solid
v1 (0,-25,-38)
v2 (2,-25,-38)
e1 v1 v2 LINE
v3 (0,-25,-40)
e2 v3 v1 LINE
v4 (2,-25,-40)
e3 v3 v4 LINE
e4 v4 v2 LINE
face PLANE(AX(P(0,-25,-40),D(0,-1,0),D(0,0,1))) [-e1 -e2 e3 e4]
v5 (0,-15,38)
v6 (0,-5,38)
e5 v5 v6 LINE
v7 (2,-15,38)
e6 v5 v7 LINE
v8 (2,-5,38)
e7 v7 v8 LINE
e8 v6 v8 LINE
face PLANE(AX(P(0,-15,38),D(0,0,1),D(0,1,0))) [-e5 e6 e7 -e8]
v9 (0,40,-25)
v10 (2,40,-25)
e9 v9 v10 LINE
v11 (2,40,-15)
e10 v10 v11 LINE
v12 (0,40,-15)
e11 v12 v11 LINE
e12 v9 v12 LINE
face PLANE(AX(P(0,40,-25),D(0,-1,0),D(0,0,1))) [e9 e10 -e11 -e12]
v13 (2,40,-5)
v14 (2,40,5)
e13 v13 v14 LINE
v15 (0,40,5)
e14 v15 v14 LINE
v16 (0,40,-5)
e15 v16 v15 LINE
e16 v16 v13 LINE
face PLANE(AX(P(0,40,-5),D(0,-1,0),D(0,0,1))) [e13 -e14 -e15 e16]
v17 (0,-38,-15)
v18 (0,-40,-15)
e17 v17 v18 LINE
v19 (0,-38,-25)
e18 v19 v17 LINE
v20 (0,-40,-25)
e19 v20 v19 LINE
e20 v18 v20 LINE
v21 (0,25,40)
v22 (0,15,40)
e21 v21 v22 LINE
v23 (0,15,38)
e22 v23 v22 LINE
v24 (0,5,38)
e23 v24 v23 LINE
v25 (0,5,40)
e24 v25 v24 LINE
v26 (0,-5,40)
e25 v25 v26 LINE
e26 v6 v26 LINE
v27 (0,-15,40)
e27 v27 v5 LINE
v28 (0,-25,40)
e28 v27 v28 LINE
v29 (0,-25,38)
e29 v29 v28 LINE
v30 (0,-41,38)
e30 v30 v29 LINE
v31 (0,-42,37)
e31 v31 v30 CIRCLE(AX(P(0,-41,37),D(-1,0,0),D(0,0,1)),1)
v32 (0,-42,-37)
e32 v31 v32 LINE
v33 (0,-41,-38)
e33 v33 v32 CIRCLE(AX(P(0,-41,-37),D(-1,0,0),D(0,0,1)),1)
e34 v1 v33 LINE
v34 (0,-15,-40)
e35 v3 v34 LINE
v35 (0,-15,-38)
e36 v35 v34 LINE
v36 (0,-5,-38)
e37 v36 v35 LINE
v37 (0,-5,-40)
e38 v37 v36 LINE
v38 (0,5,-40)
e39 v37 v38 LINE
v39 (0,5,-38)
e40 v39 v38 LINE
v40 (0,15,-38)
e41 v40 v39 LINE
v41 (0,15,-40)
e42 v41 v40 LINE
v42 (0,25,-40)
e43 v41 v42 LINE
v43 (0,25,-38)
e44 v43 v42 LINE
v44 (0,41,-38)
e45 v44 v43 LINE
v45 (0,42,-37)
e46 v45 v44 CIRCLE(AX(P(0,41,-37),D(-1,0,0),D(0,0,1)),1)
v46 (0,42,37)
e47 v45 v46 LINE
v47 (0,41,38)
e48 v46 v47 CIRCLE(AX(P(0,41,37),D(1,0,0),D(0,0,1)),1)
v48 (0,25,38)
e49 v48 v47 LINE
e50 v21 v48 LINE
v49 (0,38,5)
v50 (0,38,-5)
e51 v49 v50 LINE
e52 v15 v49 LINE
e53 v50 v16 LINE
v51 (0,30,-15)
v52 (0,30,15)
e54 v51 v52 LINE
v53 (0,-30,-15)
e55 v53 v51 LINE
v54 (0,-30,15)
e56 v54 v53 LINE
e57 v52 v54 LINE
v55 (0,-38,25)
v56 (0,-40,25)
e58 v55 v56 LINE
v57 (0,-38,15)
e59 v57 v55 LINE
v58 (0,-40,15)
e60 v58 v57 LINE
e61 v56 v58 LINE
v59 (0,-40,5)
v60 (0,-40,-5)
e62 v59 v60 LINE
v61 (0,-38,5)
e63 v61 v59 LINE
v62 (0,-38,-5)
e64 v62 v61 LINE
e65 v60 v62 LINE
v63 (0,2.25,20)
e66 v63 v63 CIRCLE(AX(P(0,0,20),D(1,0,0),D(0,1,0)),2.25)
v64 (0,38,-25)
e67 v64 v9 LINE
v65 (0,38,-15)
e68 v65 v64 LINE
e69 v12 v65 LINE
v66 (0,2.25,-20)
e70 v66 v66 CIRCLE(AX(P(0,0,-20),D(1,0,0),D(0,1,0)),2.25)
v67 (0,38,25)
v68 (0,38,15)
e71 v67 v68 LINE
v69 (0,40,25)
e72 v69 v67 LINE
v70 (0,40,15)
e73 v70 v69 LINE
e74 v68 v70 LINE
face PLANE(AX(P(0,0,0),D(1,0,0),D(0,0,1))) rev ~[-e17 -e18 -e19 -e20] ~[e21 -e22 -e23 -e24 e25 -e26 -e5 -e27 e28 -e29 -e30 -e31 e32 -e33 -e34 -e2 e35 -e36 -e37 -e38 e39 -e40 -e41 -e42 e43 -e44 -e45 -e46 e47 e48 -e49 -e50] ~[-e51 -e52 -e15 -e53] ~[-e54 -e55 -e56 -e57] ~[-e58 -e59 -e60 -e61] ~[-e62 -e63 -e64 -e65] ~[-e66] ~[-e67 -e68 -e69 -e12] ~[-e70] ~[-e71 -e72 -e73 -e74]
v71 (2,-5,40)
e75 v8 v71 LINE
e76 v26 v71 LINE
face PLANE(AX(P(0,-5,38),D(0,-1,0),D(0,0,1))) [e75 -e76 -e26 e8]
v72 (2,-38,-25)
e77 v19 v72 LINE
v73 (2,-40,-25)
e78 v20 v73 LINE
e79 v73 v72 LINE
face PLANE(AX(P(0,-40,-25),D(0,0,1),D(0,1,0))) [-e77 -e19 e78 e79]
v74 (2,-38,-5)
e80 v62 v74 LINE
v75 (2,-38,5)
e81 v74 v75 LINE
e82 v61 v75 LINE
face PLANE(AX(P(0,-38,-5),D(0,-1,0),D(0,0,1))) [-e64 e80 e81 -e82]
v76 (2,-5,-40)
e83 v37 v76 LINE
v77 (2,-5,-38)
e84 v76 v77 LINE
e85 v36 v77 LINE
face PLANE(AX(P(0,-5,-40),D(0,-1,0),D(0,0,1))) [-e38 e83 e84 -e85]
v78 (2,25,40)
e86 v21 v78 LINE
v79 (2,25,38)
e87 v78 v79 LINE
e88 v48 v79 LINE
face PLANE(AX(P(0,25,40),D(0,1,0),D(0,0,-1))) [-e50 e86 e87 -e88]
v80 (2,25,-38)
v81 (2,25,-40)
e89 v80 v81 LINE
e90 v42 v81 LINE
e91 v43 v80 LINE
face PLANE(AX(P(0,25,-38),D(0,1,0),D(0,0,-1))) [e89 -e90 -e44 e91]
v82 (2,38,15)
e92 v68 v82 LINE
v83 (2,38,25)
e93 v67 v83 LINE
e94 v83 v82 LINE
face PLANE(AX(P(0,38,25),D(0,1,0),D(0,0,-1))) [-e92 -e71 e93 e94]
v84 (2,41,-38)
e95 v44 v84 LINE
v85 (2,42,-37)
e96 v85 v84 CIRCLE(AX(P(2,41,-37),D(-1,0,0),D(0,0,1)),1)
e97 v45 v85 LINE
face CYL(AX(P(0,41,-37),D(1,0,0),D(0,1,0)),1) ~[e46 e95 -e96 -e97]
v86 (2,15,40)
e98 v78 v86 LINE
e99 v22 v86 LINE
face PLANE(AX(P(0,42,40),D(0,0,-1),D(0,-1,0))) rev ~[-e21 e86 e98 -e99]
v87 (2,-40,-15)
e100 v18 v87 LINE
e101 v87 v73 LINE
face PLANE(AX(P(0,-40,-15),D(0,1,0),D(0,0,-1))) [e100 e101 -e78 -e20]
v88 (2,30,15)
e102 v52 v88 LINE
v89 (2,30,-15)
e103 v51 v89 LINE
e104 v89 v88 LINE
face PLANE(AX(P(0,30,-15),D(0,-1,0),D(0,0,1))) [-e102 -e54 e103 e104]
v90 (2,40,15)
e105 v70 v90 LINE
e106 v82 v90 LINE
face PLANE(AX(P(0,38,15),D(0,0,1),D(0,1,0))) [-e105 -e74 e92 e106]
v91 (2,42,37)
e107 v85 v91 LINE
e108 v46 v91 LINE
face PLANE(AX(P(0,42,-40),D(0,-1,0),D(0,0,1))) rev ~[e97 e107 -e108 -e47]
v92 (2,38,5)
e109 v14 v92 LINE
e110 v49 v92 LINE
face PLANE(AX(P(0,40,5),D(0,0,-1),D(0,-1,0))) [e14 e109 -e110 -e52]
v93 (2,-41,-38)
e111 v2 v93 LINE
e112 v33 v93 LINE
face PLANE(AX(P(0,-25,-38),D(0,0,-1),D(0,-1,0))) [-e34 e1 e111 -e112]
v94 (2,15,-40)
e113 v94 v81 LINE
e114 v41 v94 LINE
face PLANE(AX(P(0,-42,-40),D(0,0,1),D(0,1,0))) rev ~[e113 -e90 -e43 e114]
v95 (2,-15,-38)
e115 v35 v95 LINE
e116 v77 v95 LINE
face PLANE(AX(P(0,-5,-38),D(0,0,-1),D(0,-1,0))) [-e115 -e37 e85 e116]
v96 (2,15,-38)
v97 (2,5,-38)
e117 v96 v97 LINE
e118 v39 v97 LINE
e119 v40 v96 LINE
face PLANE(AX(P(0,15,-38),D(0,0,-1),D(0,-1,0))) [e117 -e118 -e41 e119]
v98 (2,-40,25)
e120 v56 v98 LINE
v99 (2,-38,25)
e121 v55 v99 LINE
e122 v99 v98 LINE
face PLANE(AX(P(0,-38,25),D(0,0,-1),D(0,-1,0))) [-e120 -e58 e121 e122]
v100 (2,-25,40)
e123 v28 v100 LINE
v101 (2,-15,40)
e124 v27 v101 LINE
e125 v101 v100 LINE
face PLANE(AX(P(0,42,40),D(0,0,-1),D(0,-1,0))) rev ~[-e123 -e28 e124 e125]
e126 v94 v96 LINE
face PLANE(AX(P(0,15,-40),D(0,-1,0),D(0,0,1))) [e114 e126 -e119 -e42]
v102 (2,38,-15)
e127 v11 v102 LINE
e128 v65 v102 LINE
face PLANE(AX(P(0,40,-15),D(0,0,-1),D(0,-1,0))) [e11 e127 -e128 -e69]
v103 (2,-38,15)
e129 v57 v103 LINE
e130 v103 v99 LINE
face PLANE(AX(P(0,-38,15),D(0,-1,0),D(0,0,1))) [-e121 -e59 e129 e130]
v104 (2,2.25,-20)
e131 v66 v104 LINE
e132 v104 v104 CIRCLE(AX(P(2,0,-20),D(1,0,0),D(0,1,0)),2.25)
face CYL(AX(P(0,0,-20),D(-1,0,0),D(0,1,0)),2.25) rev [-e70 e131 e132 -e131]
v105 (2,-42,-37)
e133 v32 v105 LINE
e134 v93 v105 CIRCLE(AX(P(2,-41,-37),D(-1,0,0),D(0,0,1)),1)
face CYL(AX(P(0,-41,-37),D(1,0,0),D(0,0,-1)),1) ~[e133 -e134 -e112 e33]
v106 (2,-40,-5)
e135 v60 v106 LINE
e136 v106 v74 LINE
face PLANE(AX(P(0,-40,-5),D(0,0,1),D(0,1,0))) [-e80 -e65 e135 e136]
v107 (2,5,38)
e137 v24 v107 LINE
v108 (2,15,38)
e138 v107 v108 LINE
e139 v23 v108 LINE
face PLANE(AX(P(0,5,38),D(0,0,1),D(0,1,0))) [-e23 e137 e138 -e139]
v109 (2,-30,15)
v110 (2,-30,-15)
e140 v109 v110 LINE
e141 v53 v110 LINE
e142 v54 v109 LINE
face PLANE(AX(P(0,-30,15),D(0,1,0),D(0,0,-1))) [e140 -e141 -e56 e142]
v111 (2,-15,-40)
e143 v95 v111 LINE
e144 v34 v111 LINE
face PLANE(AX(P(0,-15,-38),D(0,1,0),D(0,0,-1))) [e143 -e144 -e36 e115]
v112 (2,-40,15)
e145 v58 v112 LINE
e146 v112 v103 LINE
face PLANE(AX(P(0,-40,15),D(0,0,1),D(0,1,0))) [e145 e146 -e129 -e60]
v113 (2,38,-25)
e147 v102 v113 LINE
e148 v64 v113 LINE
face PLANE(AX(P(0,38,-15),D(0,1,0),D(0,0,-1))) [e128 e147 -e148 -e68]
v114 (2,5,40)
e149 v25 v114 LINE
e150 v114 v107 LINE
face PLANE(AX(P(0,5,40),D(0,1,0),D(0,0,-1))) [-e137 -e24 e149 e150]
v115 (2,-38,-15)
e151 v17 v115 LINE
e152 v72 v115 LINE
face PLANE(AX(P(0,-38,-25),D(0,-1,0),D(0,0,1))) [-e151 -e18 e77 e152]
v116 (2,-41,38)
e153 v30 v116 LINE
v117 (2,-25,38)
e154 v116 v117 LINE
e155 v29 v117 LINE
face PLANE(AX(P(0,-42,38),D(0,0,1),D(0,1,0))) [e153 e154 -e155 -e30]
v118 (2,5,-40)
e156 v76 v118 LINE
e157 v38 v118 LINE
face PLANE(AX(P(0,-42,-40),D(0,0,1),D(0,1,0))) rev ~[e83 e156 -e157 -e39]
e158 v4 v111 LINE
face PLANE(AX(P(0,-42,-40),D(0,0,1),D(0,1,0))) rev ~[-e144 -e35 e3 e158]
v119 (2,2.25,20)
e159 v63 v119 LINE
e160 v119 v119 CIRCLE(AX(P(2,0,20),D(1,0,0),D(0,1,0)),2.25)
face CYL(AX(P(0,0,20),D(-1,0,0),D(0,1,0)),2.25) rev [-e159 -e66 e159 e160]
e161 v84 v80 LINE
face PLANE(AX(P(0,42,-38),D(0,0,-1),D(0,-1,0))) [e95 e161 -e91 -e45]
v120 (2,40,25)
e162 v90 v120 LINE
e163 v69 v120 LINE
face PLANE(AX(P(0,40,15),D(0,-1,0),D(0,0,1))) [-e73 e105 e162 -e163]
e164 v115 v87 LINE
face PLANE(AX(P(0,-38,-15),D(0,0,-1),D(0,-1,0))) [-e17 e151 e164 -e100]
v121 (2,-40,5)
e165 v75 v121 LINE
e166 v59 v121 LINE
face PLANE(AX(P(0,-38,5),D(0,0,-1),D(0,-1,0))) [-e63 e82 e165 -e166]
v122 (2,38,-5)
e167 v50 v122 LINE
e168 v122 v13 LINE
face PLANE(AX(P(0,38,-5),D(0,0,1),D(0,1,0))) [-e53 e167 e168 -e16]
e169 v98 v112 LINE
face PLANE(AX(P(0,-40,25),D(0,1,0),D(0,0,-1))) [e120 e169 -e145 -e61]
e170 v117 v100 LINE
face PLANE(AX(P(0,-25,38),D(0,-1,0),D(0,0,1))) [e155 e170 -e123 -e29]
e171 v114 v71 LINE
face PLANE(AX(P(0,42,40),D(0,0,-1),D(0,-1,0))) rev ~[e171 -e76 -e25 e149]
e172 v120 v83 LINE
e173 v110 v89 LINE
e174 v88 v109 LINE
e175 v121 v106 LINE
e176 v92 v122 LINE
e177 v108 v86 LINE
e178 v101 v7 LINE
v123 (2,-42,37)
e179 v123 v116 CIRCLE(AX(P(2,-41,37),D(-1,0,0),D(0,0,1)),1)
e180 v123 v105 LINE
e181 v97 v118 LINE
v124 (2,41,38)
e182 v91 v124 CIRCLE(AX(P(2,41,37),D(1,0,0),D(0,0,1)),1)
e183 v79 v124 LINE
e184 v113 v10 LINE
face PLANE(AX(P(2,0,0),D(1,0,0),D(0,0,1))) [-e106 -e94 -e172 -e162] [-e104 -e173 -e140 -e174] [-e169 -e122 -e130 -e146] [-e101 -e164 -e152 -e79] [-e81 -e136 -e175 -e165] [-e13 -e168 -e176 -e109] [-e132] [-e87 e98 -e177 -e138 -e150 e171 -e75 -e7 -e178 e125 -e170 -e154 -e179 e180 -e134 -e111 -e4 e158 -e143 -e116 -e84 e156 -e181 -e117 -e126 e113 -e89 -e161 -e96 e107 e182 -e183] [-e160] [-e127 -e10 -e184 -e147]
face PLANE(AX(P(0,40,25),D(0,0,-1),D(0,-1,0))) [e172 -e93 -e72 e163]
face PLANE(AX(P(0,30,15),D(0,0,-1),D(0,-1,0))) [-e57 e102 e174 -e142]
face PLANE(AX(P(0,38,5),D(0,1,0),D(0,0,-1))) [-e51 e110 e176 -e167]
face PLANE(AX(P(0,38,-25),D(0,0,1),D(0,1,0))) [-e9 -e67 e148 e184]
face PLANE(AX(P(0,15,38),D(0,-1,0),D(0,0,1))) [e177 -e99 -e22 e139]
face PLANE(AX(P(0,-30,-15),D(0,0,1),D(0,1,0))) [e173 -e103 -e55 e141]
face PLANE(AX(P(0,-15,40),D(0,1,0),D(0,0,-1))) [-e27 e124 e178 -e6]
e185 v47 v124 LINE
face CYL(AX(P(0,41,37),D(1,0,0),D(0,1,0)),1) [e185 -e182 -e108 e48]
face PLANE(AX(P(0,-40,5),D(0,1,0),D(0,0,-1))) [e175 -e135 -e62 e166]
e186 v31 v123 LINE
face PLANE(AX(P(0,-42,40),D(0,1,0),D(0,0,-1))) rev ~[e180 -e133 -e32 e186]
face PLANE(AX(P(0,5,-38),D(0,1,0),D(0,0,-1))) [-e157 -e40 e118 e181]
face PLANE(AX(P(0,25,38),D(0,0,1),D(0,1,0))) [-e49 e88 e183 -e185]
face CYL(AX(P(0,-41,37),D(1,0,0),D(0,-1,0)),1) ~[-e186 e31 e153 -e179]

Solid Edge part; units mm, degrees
sketch "Sketch1" plane through (0, 0, 0) normal (1, 0, 0) x (0, 1, 0)
  line L0 (42, -40) -> (42, 40)
  line L1 (42, 40) -> (-42, 40)
  line L2 (-42, 40) -> (-42, -40)
  line L3 (-42, -40) -> (42, -40)
extrude "Protrusion1" add sketch "Sketch1" along normal blind 2
sketch "Sketch2" plane through (0, 0, 0) normal (1, 0, 0) x (0, 1, 0)
  line L0 (-42, 38) -> (-25, 38)
  line L1 (-25, 38) -> (-25, 40)
  line L2 (-25, 40) -> (-42, 40)
  line L3 (-42, 40) -> (-42, 38)
  line L4 (-15, 38) -> (-5, 38)
  line L5 (-5, 38) -> (-5, 40)
  line L6 (-5, 40) -> (-15, 40)
  line L7 (-15, 40) -> (-15, 38)
  line L8 (5, 38) -> (15, 38)
  line L9 (15, 38) -> (15, 40)
  line L10 (15, 40) -> (5, 40)
  line L11 (5, 40) -> (5, 38)
  line L12 (25, 38) -> (42, 38)
  line L13 (42, 38) -> (42, 40)
  line L14 (42, 40) -> (25, 40)
  line L15 (25, 40) -> (25, 38)
  line L16 (40, 15) -> (40, 25)
  line L17 (40, 25) -> (38, 25)
  line L18 (38, 25) -> (38, 15)
  line L19 (38, 15) -> (40, 15)
  line L20 (38, 5) -> (38, -5)
  line L21 (38, -5) -> (40, -5)
  line L22 (40, -5) -> (40, 5)
  line L23 (40, 5) -> (38, 5)
  line L24 (38, -15) -> (38, -25)
  line L25 (38, -25) -> (40, -25)
  line L26 (40, -25) -> (40, -15)
  line L27 (40, -15) -> (38, -15)
  line L28 (42, -38) -> (25, -38)
  line L29 (25, -38) -> (25, -40)
  line L30 (25, -40) -> (42, -40)
  line L31 (42, -40) -> (42, -38)
  line L32 (15, -38) -> (5, -38)
  line L33 (5, -38) -> (5, -40)
  line L34 (5, -40) -> (15, -40)
  line L35 (15, -40) -> (15, -38)
  line L36 (-5, -38) -> (-15, -38)
  line L37 (-15, -38) -> (-15, -40)
  line L38 (-15, -40) -> (-5, -40)
  line L39 (-5, -40) -> (-5, -38)
  line L40 (-25, -38) -> (-42, -38)
  line L41 (-42, -38) -> (-42, -40)
  line L42 (-42, -40) -> (-25, -40)
  line L43 (-25, -40) -> (-25, -38)
  line L44 (-38, -25) -> (-38, -15)
  line L45 (-38, -15) -> (-40, -15)
  line L46 (-40, -15) -> (-40, -25)
  line L47 (-40, -25) -> (-38, -25)
  line L48 (-38, -5) -> (-38, 5)
  line L49 (-38, 5) -> (-40, 5)
  line L50 (-40, 5) -> (-40, -5)
  line L51 (-40, -5) -> (-38, -5)
  line L52 (-38, 15) -> (-38, 25)
  line L53 (-38, 25) -> (-40, 25)
  line L54 (-40, 25) -> (-40, 15)
  line L55 (-40, 15) -> (-38, 15)
  dimension "D1" = 17
  dimension "D2" = 2
  dimension "D3" = 10
  dimension "D4" = 2
  dimension "D5" = 10
  dimension "D6" = 2
  dimension "D7" = 17
  dimension "D8" = 2
  dimension "D9" = 17
  dimension "D10" = 2
  dimension "D11" = 10
  dimension "D12" = 2
  dimension "D13" = 10
  dimension "D14" = 2
  dimension "D15" = 17
  dimension "D16" = 2
  dimension "D17" = 2
  dimension "D18" = 10
  dimension "D19" = 2
  dimension "D20" = 10
  dimension "D21" = 2
  dimension "D22" = 10
  dimension "D23" = 2
  dimension "D24" = 10
  dimension "D25" = 2
  dimension "D26" = 10
  dimension "D27" = 2
  dimension "D28" = 10
  dimension "D29" = 10
  dimension "D30" = 10
  dimension "D31" = 10
  dimension "D32" = 10
  dimension "D33" = 10
  dimension "D34" = 10
  dimension "D35" = 2
  dimension "D36" = 15
  dimension "D37" = 2
  dimension "D38" = 10
  dimension "D39" = 15
  dimension "D40" = 2
  dimension "D41" = 10
  dimension "D42" = 2
  dimension "D43" = 2
  dimension "D44" = 2
  dimension "D45" = 10
  dimension "D46" = 15
  dimension "D47" = 10
  dimension "D48" = 15
extrude "ExtrudedCutout_29" cut sketch "Sketch2" along normal blind 2
sketch "Sketch3" plane through (0, 0, 0) normal (1, 0, 0) x (0, 1, 0)
  line L0 (30, 15) -> (-30, 15)
  line L1 (-30, 15) -> (-30, -15)
  line L2 (-30, -15) -> (30, -15)
  line L3 (30, -15) -> (30, 15)
extrude "ExtrudedCutout_30" cut sketch "Sketch3" along normal blind 2
sketch "Sketch4" plane through (0, 0, 0) normal (1, 0, 0) x (0, 1, 0)
  circle A0 centre (0, 20) radius 2.25
  circle A1 centre (0, -20) radius 2.25
  dimension "D1" = 4.5
  dimension "D2" = 4.5
  dimension "D3" = 20
  dimension "D4" = 20
  dimension "D5" = 60
  dimension "D6" = 30
  dimension "D7" = 15
  dimension "D8" = 30
extrude "ExtrudedCutout_31" cut sketch "Sketch4" along normal blind 2
fillet "Round_1" radius 1 4 edges at (1, -42, -38) (1, 42, -38) (1, 42, 38) (1, -42, 38)
properties material "Acrylic, high impact grade"
